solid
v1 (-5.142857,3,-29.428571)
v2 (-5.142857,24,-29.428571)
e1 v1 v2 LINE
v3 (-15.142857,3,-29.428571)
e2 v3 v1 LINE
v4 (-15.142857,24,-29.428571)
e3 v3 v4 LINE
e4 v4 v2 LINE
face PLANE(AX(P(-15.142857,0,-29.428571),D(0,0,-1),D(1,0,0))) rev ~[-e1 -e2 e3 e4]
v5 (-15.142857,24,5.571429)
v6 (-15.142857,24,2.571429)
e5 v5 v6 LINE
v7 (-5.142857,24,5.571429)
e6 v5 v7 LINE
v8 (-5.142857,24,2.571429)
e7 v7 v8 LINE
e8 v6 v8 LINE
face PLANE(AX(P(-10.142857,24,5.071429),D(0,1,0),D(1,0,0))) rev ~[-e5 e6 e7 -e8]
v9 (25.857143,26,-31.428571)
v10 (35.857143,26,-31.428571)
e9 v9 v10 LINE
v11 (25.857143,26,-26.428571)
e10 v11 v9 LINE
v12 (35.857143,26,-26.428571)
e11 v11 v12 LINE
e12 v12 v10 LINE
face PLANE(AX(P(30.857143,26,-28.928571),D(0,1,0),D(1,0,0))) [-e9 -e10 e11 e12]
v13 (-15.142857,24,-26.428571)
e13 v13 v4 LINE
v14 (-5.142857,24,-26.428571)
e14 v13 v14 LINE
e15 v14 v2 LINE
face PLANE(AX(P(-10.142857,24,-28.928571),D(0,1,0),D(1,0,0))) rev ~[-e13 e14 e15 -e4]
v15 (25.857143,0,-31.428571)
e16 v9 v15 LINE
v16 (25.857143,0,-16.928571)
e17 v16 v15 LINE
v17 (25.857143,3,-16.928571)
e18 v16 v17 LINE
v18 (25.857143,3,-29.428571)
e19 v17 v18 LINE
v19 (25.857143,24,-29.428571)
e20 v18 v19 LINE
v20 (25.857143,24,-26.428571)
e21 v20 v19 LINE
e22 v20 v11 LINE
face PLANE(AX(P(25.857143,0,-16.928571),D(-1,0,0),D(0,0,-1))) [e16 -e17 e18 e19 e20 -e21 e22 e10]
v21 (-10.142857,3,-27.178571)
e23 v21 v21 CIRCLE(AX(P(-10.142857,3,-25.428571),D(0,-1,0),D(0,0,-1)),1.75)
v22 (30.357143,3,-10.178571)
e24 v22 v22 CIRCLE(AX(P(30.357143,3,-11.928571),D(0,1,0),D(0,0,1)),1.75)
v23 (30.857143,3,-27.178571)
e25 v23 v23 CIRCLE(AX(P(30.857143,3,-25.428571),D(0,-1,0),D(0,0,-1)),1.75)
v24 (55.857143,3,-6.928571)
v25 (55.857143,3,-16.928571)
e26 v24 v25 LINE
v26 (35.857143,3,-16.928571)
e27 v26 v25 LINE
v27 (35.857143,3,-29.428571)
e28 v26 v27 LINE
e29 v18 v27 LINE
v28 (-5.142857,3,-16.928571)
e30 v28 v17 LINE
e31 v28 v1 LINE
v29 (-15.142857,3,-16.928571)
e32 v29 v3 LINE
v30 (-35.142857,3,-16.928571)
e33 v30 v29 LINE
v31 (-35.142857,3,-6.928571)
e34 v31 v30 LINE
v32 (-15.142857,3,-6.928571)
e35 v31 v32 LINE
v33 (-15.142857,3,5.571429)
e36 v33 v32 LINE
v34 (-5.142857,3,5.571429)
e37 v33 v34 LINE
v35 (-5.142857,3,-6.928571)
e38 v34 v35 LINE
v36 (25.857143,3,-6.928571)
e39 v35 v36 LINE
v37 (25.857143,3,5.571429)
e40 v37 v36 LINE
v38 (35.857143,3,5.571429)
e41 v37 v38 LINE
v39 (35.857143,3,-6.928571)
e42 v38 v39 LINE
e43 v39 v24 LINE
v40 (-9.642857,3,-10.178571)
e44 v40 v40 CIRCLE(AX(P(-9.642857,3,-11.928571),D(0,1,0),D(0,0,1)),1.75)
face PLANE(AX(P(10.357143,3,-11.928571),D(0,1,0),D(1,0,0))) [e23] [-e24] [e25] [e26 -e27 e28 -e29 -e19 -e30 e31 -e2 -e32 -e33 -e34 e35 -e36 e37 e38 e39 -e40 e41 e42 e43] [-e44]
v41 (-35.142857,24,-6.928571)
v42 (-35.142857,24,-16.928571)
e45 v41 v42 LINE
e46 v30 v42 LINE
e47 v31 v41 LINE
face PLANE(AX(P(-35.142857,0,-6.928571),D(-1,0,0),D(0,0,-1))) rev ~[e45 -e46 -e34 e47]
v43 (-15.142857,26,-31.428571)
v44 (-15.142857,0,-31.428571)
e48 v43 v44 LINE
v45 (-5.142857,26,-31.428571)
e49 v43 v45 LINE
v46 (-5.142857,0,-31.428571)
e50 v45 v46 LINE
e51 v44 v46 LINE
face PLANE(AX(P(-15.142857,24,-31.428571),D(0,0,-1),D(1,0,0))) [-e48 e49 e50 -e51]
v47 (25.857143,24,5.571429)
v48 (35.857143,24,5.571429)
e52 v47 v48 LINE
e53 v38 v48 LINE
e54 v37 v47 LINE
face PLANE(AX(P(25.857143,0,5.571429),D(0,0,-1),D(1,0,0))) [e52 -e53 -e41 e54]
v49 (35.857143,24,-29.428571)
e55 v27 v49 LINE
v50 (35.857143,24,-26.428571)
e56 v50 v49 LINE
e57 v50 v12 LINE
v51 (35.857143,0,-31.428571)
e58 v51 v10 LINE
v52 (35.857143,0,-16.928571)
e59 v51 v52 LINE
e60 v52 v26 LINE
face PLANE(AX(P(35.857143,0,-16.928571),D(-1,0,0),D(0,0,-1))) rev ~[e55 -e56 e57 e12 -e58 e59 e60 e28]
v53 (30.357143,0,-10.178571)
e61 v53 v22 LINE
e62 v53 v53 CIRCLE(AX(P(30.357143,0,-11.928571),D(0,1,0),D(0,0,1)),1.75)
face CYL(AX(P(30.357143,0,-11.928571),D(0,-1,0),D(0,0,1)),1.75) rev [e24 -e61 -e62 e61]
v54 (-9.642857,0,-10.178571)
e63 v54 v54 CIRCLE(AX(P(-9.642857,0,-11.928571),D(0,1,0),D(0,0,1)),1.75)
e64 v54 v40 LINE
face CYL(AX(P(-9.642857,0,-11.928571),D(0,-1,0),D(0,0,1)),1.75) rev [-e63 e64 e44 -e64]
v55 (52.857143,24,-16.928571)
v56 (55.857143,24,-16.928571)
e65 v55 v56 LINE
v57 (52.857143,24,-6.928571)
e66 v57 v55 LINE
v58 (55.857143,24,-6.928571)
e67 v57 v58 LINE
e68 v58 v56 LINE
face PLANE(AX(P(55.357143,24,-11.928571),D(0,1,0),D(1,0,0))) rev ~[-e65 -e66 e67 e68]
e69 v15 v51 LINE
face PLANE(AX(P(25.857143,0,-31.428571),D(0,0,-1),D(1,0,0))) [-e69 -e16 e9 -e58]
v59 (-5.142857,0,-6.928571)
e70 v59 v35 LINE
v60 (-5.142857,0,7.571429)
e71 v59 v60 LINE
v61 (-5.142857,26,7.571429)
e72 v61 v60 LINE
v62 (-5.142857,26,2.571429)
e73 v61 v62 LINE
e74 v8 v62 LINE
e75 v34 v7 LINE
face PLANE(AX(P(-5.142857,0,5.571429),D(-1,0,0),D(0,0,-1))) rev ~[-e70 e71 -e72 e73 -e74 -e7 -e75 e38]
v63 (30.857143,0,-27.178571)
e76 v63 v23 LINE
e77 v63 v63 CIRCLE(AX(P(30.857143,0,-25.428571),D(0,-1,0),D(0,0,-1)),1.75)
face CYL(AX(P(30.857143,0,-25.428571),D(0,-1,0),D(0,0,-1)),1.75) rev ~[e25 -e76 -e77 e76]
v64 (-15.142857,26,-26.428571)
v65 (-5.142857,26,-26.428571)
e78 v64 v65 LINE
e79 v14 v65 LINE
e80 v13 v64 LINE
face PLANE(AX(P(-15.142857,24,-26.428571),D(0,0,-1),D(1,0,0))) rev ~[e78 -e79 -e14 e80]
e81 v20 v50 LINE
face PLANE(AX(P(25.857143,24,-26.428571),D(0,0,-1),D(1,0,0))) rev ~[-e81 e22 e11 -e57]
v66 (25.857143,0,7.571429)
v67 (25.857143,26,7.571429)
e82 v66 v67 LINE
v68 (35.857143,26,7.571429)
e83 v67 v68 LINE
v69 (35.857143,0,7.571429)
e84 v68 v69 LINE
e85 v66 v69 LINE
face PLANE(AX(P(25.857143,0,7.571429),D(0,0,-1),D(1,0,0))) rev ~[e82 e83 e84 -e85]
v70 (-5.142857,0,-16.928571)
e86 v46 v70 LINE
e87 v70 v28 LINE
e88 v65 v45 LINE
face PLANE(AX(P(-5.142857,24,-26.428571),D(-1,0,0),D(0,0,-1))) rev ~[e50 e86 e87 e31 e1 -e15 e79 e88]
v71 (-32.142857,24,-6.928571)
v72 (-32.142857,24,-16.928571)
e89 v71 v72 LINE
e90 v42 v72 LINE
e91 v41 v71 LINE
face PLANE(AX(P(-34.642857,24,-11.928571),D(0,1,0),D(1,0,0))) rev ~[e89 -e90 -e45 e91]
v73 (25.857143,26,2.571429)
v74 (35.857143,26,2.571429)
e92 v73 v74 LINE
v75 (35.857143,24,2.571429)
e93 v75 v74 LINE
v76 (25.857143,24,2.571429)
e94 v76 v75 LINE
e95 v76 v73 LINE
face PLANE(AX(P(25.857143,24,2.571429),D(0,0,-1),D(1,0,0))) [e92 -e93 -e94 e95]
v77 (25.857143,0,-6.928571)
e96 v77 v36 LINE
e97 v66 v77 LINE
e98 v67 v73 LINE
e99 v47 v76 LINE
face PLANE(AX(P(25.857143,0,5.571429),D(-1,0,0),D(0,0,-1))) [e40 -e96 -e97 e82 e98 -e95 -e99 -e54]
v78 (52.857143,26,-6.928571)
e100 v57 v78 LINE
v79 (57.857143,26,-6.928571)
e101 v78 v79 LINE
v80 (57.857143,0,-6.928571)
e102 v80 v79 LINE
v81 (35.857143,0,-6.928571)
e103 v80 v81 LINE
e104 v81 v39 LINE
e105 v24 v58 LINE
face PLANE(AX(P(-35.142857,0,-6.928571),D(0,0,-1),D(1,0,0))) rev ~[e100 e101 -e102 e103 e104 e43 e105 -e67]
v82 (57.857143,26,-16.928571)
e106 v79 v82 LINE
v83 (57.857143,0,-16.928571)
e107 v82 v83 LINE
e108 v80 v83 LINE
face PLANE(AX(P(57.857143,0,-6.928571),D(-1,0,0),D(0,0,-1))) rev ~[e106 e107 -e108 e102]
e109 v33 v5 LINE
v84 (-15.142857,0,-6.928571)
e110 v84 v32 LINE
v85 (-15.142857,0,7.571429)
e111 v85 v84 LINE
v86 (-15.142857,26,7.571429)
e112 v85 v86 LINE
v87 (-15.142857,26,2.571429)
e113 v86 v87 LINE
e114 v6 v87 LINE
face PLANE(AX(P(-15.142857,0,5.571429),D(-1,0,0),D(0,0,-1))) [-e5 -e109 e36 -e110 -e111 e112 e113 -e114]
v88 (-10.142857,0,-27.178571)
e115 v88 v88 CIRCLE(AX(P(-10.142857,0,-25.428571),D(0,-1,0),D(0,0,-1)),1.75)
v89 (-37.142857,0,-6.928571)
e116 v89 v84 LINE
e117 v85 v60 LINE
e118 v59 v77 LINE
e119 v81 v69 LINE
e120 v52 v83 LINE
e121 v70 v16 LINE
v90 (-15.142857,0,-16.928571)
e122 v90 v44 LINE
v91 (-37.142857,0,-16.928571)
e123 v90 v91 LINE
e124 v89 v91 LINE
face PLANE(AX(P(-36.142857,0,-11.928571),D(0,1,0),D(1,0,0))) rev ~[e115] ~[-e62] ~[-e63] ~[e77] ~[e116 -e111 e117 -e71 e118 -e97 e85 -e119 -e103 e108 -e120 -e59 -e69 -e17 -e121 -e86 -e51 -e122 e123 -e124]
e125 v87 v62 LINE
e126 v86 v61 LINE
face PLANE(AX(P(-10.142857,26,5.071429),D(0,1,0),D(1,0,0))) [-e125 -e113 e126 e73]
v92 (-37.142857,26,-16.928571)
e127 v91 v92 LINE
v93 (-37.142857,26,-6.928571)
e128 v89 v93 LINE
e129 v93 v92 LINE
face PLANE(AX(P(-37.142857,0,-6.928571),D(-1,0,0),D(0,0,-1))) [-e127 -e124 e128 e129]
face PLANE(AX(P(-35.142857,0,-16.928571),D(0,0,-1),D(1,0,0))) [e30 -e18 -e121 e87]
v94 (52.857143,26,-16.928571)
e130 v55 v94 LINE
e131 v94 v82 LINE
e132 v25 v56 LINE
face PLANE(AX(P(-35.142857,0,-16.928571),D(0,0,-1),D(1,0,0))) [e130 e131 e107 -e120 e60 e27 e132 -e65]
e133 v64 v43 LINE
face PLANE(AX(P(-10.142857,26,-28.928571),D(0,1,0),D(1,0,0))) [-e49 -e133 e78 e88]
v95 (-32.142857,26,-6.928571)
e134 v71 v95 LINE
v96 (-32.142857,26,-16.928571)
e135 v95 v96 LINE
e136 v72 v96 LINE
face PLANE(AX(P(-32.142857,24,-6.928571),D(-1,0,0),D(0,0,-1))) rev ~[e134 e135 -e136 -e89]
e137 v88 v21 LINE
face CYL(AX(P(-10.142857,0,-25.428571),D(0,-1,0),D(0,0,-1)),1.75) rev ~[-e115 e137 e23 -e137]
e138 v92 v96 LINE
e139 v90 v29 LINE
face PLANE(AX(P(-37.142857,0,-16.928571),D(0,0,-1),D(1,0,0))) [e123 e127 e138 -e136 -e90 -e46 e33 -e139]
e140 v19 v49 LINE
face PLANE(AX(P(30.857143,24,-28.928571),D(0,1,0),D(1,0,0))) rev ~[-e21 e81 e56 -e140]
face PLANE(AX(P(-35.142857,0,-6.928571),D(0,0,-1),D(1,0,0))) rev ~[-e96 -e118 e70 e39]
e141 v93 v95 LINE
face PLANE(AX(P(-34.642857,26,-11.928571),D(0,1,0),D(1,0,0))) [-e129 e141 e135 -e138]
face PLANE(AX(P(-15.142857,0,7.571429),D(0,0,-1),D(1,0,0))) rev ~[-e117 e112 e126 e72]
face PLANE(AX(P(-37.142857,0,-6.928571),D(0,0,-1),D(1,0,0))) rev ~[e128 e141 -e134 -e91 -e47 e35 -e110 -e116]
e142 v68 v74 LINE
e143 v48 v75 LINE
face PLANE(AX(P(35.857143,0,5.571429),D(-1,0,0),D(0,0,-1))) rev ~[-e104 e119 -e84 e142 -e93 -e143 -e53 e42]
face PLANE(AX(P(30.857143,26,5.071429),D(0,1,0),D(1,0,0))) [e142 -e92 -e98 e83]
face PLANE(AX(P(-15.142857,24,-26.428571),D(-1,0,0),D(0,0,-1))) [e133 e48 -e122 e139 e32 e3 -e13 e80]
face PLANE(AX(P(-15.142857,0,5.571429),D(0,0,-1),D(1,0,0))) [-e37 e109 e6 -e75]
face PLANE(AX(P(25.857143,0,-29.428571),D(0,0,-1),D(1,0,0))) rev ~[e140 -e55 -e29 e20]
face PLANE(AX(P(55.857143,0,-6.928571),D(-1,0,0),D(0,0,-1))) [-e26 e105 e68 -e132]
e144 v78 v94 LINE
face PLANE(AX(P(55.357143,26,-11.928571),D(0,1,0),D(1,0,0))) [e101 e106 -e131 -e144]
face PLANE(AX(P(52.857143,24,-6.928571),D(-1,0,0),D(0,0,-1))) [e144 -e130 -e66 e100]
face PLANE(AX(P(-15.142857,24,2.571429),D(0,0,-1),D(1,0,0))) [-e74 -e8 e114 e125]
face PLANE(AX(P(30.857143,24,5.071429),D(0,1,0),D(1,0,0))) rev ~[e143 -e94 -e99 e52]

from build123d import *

# Parameters (mm, degrees)
SKETCH1_R           = 1.75
BOSS_EXTRUDE1_DEPTH = 3
SKETCH1_3_W         = 2
SKETCH1_3_H         = 10
SKETCH1_3_W_2       = 10
SKETCH1_3_H_2       = 2
BOSS_EXTRUDE2_DEPTH = 24
SKETCH2_W           = 10
SKETCH2_H           = 5
SKETCH2_W_2         = 5
SKETCH2_H_2         = 10
BOSS_EXTRUDE3_DEPTH = 2
SKETCH3_R           = 1.75
CUT_EXTRUDE1_DEPTH  = 12


with BuildPart() as part:
    # Sketch1 → Boss-Extrude1 (new body)
    with BuildSketch(Plane(origin=(0, 0, 0), x_dir=(1, 0, 0), z_dir=(0, 1, 0))):
        Polygon((-15.142857143, 16.928571429), (-35.142857143, 16.928571429), (-35.142857143, 6.928571429), (-15.142857143, 6.928571429), (-15.142857143, -5.571428571), (-5.142857143, -5.571428571), (-5.142857143, 6.928571429), (25.857142857, 6.928571429), (25.857142857, -5.571428571), (35.857142857, -5.571428571), (35.857142857, 6.928571429), (55.857142857, 6.928571429), (55.857142857, 16.928571429), (35.857142857, 16.928571429), (35.857142857, 29.428571429), (25.857142857, 29.428571429), (25.857142857, 16.928571429), (-5.142857143, 16.928571429), (-5.142857143, 29.428571429), (-15.142857143, 29.428571429), align=None)
        with Locations((-9.642857143, 11.928571429)):
            Circle(SKETCH1_R, mode=Mode.SUBTRACT)
        with Locations((30.357142857, 11.928571429)):
            Circle(SKETCH1_R, mode=Mode.SUBTRACT)
    extrude(amount=BOSS_EXTRUDE1_DEPTH)

    # Sketch1<3> → Boss-Extrude2 (add)
    with BuildSketch(Plane(origin=(0, 0, 0), x_dir=(1, 0, 0), z_dir=(0, 1, 0))):
        with Locations((-36.142857143, 11.928571429)):
            Rectangle(SKETCH1_3_W, SKETCH1_3_H)
        with Locations((-10.142857143, 30.428571429)):
            Rectangle(SKETCH1_3_W_2, SKETCH1_3_H_2)
        with Locations((-10.142857143, -6.571428571)):
            Rectangle(SKETCH1_3_W_2, SKETCH1_3_H_2)
        with Locations((30.857142857, 30.428571429)):
            Rectangle(SKETCH1_3_W_2, SKETCH1_3_H_2)
        with Locations((56.857142857, 11.928571429)):
            Rectangle(SKETCH1_3_W, SKETCH1_3_H)
        with Locations((30.857142857, -6.571428571)):
            Rectangle(SKETCH1_3_W_2, SKETCH1_3_H_2)
    extrude(amount=BOSS_EXTRUDE2_DEPTH)

    # Sketch2 → Boss-Extrude3 (add)
    with BuildSketch(Plane(origin=(0, 24, 0), x_dir=(1, 0, 0), z_dir=(0, 1, 0))):
        with Locations((-10.142857143, 28.928571429)):
            Rectangle(SKETCH2_W, SKETCH2_H)
        with Locations((30.857142857, 28.928571429)):
            Rectangle(SKETCH2_W, SKETCH2_H)
        with Locations((55.357142857, 11.928571429)):
            Rectangle(SKETCH2_W_2, SKETCH2_H_2)
        with Locations((30.857142857, -5.071428571)):
            Rectangle(SKETCH2_W, SKETCH2_H)
        with Locations((-10.142857143, -5.071428571)):
            Rectangle(SKETCH2_W, SKETCH2_H)
        with Locations((-34.642857143, 11.928571429)):
            Rectangle(SKETCH2_W_2, SKETCH2_H_2)
    extrude(amount=BOSS_EXTRUDE3_DEPTH)

    # Sketch3 → Cut-Extrude1 (cut)
    with BuildSketch(Plane.XZ):
        with Locations((-10.142857143, -25.428571429)):
            Circle(SKETCH3_R)
        with Locations((30.857142857, -25.428571429)):
            Circle(SKETCH3_R)
    extrude(amount=-CUT_EXTRUDE1_DEPTH, mode=Mode.SUBTRACT)


solid = part.part
